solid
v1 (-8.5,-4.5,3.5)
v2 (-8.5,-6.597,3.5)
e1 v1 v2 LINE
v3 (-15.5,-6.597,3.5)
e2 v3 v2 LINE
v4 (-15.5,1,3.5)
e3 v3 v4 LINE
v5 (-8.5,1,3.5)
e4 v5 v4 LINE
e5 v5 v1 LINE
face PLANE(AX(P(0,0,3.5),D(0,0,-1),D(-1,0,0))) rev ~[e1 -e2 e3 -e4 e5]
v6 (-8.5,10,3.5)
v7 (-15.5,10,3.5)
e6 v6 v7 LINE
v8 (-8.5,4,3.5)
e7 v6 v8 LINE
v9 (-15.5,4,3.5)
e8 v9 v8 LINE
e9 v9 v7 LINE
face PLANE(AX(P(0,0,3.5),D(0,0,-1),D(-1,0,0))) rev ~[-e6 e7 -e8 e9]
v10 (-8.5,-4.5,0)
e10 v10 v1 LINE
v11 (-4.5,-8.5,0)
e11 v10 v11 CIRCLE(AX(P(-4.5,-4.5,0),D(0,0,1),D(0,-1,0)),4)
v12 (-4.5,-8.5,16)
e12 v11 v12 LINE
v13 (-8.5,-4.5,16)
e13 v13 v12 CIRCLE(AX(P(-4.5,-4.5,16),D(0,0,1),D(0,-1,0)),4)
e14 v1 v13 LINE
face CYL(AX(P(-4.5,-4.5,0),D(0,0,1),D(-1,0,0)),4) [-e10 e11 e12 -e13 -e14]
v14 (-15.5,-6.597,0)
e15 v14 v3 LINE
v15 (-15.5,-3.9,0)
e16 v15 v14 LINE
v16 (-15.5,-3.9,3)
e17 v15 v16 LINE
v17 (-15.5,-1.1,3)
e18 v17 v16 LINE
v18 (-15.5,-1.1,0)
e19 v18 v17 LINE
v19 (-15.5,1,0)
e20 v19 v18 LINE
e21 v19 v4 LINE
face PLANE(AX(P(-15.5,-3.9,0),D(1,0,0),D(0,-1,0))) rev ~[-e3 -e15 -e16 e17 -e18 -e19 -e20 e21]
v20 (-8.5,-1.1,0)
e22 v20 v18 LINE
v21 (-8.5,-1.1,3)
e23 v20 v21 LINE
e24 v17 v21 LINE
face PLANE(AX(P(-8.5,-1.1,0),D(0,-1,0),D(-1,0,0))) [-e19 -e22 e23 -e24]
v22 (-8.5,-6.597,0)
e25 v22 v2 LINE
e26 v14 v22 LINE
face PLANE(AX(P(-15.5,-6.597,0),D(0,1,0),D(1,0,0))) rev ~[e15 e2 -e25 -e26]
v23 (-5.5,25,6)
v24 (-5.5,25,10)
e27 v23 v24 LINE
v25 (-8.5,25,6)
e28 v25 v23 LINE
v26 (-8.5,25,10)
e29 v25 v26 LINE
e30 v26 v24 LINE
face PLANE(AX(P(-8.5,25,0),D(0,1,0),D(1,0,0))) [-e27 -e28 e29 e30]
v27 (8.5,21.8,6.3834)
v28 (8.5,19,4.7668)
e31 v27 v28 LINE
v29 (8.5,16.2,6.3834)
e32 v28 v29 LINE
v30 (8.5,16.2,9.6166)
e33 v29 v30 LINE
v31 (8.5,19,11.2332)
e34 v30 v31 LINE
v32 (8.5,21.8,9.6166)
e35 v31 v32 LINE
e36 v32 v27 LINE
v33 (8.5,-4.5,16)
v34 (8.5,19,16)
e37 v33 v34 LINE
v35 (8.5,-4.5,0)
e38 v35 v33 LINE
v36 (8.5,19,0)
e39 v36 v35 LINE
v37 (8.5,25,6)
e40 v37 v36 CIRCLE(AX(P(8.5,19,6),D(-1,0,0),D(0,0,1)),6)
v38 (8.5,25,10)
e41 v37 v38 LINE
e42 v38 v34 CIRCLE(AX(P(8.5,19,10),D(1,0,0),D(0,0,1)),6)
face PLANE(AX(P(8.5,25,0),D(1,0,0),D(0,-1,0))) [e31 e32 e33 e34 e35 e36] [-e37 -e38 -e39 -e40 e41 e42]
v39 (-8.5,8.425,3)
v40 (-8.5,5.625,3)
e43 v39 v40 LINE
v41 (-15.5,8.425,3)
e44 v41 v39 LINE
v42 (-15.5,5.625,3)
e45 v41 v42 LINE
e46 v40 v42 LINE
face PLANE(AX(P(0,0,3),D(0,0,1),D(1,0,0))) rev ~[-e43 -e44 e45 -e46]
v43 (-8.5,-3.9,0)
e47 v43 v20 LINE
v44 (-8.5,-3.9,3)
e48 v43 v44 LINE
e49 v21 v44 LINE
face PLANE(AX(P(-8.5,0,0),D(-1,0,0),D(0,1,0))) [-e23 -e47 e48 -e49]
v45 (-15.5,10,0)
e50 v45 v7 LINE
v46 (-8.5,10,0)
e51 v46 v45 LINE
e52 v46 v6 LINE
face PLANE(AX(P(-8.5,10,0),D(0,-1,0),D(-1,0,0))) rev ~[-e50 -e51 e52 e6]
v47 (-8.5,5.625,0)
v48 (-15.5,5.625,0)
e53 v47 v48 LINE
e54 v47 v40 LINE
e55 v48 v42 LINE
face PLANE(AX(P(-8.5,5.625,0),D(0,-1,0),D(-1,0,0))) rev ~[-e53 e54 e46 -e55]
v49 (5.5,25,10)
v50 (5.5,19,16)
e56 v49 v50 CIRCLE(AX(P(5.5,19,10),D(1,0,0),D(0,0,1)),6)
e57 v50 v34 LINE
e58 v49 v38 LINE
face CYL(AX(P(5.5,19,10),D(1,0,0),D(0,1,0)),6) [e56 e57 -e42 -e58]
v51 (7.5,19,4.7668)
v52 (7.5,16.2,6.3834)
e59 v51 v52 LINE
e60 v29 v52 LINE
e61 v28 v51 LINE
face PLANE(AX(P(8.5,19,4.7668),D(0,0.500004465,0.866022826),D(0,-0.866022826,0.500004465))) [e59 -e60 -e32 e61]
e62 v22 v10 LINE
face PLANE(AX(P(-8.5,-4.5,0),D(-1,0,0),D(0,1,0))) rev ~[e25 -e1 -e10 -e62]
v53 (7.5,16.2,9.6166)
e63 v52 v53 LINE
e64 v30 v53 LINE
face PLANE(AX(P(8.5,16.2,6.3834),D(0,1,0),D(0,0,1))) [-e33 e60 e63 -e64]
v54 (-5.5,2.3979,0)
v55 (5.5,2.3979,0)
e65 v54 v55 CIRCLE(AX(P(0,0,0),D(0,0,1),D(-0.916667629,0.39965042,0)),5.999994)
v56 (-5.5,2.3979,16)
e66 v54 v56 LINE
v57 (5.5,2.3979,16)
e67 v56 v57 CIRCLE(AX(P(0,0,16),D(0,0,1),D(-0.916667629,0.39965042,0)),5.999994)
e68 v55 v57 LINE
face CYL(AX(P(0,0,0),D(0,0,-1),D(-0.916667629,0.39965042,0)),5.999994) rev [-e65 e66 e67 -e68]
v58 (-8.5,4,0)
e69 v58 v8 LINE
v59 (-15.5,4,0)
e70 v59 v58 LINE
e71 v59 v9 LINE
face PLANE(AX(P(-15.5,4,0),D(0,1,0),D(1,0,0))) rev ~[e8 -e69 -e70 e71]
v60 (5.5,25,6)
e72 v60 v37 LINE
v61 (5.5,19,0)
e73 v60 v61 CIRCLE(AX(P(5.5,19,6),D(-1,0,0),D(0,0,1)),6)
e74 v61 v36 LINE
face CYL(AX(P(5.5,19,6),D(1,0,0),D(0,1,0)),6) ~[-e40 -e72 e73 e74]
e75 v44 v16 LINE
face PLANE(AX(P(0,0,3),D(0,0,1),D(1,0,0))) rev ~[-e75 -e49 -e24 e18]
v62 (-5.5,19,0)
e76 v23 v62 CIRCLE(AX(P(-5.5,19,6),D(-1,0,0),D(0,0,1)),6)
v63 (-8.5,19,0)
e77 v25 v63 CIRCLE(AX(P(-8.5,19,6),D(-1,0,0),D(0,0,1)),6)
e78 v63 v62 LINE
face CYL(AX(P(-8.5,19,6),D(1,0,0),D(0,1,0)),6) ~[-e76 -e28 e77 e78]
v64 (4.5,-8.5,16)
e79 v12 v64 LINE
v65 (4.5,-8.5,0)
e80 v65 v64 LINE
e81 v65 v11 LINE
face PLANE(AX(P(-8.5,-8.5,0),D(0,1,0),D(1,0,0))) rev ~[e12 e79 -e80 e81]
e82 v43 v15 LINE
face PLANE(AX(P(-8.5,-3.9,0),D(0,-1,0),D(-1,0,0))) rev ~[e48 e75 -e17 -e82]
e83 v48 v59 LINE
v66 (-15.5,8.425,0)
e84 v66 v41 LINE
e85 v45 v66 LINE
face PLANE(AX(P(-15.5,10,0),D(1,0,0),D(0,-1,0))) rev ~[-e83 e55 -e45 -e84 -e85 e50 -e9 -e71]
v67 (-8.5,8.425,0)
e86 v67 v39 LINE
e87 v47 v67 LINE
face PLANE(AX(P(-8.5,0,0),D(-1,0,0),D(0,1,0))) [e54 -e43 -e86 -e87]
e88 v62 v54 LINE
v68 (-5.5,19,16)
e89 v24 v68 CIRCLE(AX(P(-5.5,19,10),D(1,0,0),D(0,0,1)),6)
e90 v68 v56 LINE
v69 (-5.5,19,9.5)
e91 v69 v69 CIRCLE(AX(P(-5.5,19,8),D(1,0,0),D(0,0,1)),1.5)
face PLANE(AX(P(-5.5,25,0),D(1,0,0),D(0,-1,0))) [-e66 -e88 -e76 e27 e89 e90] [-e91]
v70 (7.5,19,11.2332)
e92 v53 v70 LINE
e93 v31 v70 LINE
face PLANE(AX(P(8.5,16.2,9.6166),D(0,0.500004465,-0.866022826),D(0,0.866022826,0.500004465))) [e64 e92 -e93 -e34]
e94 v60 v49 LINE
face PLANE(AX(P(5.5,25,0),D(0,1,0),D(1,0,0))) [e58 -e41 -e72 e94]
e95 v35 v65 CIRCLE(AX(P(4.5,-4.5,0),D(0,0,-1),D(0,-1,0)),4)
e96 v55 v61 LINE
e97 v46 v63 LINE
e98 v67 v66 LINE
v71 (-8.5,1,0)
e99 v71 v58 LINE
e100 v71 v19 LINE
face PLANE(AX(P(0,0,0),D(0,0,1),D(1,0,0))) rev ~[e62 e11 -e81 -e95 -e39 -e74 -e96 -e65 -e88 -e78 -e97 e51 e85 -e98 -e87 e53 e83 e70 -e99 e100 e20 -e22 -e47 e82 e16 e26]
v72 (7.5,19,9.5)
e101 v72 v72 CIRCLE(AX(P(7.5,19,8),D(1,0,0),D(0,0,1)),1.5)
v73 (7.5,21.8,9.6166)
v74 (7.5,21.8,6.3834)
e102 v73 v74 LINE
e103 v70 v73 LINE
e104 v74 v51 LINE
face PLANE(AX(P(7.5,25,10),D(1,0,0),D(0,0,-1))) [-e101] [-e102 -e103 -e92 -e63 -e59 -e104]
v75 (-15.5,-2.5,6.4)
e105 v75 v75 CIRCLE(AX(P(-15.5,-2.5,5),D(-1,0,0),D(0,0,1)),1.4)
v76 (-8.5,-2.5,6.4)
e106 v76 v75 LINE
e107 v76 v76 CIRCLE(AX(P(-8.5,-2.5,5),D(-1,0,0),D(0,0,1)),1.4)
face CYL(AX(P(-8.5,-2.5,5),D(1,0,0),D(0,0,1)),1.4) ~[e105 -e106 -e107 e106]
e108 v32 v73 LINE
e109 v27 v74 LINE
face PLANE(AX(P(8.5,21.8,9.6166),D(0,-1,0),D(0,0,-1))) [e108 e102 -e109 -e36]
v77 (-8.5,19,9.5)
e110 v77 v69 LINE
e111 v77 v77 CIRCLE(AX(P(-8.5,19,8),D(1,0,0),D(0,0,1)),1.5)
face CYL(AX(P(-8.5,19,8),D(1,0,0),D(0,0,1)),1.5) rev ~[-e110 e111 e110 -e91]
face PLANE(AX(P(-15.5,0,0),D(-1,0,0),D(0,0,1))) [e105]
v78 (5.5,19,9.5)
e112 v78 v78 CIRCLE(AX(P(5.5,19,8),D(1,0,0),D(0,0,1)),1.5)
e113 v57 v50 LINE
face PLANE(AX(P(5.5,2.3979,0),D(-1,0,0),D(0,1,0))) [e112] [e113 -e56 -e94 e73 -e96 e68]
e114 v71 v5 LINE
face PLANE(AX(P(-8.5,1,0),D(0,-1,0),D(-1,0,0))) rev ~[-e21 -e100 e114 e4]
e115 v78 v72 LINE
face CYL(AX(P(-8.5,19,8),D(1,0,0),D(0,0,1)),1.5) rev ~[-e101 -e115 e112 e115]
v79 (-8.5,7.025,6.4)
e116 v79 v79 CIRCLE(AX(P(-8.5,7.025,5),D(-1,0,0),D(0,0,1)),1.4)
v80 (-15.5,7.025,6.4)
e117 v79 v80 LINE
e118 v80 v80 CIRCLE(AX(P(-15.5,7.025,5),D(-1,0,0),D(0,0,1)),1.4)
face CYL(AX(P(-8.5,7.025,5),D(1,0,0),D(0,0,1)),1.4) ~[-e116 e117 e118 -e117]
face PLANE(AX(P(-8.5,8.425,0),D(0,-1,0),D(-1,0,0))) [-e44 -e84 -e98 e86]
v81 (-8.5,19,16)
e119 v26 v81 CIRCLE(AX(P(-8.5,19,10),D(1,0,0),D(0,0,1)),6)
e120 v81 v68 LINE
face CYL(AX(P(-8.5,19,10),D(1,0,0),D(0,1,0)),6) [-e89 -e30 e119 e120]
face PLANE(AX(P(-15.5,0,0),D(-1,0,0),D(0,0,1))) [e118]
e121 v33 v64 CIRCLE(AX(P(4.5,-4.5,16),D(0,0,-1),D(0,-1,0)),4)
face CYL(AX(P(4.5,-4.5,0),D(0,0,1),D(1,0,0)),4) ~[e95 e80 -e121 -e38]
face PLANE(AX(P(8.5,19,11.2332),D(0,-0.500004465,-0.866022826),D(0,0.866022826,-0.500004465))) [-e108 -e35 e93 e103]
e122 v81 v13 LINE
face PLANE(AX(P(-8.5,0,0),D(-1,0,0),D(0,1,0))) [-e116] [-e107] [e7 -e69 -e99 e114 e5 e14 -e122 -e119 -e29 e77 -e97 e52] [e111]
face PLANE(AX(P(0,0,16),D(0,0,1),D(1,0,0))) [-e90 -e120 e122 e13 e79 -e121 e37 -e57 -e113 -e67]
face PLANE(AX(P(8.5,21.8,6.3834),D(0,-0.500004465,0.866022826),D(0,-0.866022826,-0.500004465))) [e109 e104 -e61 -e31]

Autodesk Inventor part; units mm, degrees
ref_plane "YZ Plane" through (0, 0, 0) normal (1, 0, 0) x (0, 1, 0)
ref_plane "XZ Plane" through (0, 0, 0) normal (0, 1, 0) x (-1, 0, 0)
ref_plane "XY Plane" through (0, 0, 0) normal (0, 0, 1) x (1, 0, 0)
sketch "Sketch1" plane through (0, 0, 0) normal (0, 0, 1) x (1, 0, 0)
  arc A0 (-5.5, 2.3979) -> (5.5, 2.3979) centre (0, 0) ccw
  line L0 (-8.5, 0) -> (-8.5, 25)
  line L1 (-8.5, 25) -> (-5.5, 25)
  line L2 (-5.5, 25) -> (-5.5, 2.3979)
  line L3 (5.5, 2.3979) -> (5.5, 25)
  line L4 (5.5, 25) -> (8.5, 25)
  line L5 (8.5, 25) -> (8.5, 0)
  arc A1 (-8.5, 0) -> (8.5, 0) centre (0, 0) ccw
  dimension "d0" = 12
  dimension "d2" = 25
  dimension "d4" = 3
  dimension "d5" = 3
  dimension "d6" = 8.5
extrude "Extrusion1" add sketch "Sketch1" along normal blind 16
fillet "Fillet1" radius 6 4 edges at (-7, 25, 16) (-7, 25, 0) (7, 25, 0) (7, 25, 16)
sketch "Sketch2" plane through (-8.5, 0, 0) normal (-1, 0, 0) x (0, 0, 1)
  circle A0 centre (5, -2.5) radius 1.4
  circle A1 centre (5, 7.025) radius 1.4
  line L0 (0, 0) -> (0, 19) projected
  line L1 (0, -8.5) -> (16, -8.5) projected
  dimension "d10" = 2.8
  dimension "d11" = 2.8
  dimension "d12" = 9.525
  dimension "d13" = 5
  dimension "d14" = 6
extrude "Extrusion2" add sketch "Sketch2" along normal blind 7
sketch "Sketch3" plane through (0, 0, 0) normal (0, 0, -1) x (-1, 0, 0)
  line L0 (-8.5, 19) -> (-5.5, 19) projected
  line L1 (-8.5, 19) -> (-8.5, 0) projected
  arc A0 (-8.5, 0) -> (8.5, 0) centre (0, 0) ccw projected
  line L2 (8.5, 0) -> (8.5, 19) projected
  line L3 (5.5, 19) -> (8.5, 19) projected
  line L4 (5.5, 19) -> (5.5, 2.3979) projected
  arc A1 (-5.5, 2.3979) -> (5.5, 2.3979) centre (0, 0) ccw projected
  line L5 (-5.5, 2.3979) -> (-5.5, 19) projected
  line L6 (8.5, 0) -> (8.5, -8.5)
  arc A2 (-8.5, 0) -> (8.5, 0) centre (0, 0) ccw projected
  line L7 (8.5, -1.1) -> (8.5, -3.9) projected
  line L8 (8.5, -8.5) -> (-8.5, -8.5)
  line L9 (-8.5, 0) -> (-8.5, -8.5)
  line L10 (8.5, 0) -> (6, 0)
  line L11 (-8.5, 19) -> (-8.5, 0) projected
  line L12 (-6, 0) -> (-8.5, 0)
extrude "Extrusion3" add sketch "Sketch3" against normal up to surface (16 mm away) contours A0 L8 L9 | A0 L6 L8
fillet "Fillet2" radius 4 2 edges at (-8.5, -8.5, 8) (8.5, -8.5, 8)
hole "Hole1" at (-8.5, 19, 8) direction (1, 0, 0) diameter 3 end through all
sketch "Sketch5" plane through (8.5, 25, 10) normal (1, 0, 0) x (0, 0, -1)
  circle A0 centre (2, -6) radius 1.5 projected
  line L0 (10, -29.5) -> (-6, -29.5) projected
  line L1 (10, -6) -> (10, -29.5) projected
  arc A1 (10, -6) -> (4, 0) centre (4, -6) ccw projected
  line L2 (4, 0) -> (0, 0) projected
  arc A2 (0, 0) -> (-6, -6) centre (0, -6) ccw projected
  line L3 (-6, -6) -> (-6, -29.5) projected
  line L4 (5.2332, -6) -> (3.6166, -8.8)
  line L5 (3.6166, -8.8) -> (0.3834, -8.8)
  line L6 (0.3834, -8.8) -> (-1.2332, -6)
  line L7 (-1.2332, -6) -> (0.3834, -3.2)
  line L8 (0.3834, -3.2) -> (3.6166, -3.2)
  line L9 (3.6166, -3.2) -> (5.2332, -6)
  point P0 (10, -25)
  dimension "d29" = 5.6
extrude "Extrusion4" cut sketch "Sketch5" against normal blind 1 contours L4 L5 L6 L7 L8 L9
sketch "Sketch6" plane through (0, 0, 0) normal (0, 0, -1) x (-1, 0, 0)
  arc A0 (-8.5, -4.5) -> (-4.5, -8.5) centre (-4.5, -4.5) ccw projected
  line L0 (-4.5, -8.5) -> (4.5, -8.5) projected
  arc A1 (4.5, -8.5) -> (8.5, -4.5) centre (4.5, -4.5) ccw projected
  line L1 (8.5, -4.5) -> (8.5, 19) projected
  line L2 (5.5, 19) -> (8.5, 19) projected
  line L3 (5.5, 19) -> (5.5, 2.3979) projected
  arc A2 (-5.5, 2.3979) -> (5.5, 2.3979) centre (0, 0) ccw projected
  line L4 (-5.5, 2.3979) -> (-5.5, 19) projected
  line L5 (-8.5, 19) -> (-5.5, 19) projected
  line L6 (-8.5, 19) -> (-8.5, -4.5) projected
  line L7 (15.5, 5.625) -> (15.5, 8.425) projected
  line L8 (8.5, 8.425) -> (8.5, 5.625) projected
  line L9 (15.5, -3.9) -> (15.5, -1.1) projected
  line L10 (8.5, -1.1) -> (8.5, -3.9) projected
  line L11 (8.5, 8.425) -> (15.5, 8.425)
  line L12 (8.5, 5.625) -> (15.5, 5.625)
  line L13 (8.5, -1.1) -> (15.5, -1.1) projected
  line L14 (8.5, -3.9) -> (15.5, -3.9) projected
  line L15 (8.5, 10) -> (15.5, 10)
  line L16 (15.5, 10) -> (15.5, 4)
  line L17 (15.5, 4) -> (8.5, 4)
  line L18 (8.5, 4) -> (8.5, 10)
  line L19 (8.5, 19) -> (8.5, -4.5) projected
  line L20 (8.5, 1) -> (15.5, 1)
  line L21 (15.5, 1) -> (15.5, -6.597)
  line L22 (15.5, -6.597) -> (8.5, -6.597)
  line L23 (8.5, -6.597) -> (8.5, 1)
extrude "Extrusion6" add sketch "Sketch6" against normal blind 3.5 contours L1 L14 L21 L22 L23 | L1 L20 L21 L13 | L1 L12 L16 L17 | L15 L16 L11 L1
sketch "Sketch7" plane through (0, 0, 3.5) normal (0, 0, 1) x (1, 0, 0)
  line L0 (-8.5, 5.625) -> (-15.5, 5.625)
  line L1 (-15.5, 5.625) -> (-15.5, 4)
  line L2 (-15.5, 4) -> (-8.5, 4)
  line L3 (-8.5, 5.625) -> (-8.5, 4)
  line L4 (-15.5, 8.425) -> (-8.5, 8.425)
  line L5 (-8.5, 10) -> (-8.5, 5.625)
  line L6 (-8.5, 10) -> (-15.5, 10)
  line L7 (-15.5, 10) -> (-15.5, 5.625)
  line L8 (-15.5, -1.1) -> (-8.5, -1.1)
  line L9 (-8.5, 1) -> (-8.5, -3.9)
  line L10 (-8.5, 1) -> (-15.5, 1) projected
  line L11 (-15.5, 1) -> (-15.5, -3.9)
  line L12 (-8.5, -3.9) -> (-15.5, -3.9)
  line L13 (-15.5, -3.9) -> (-15.5, -6.597)
  line L14 (-15.5, -6.597) -> (-8.5, -6.597) projected
  line L15 (-8.5, -6.597) -> (-8.5, -4.5)
  line L16 (-8.5, -3.9) -> (-8.5, -4.5) projected
  line L17 (-8.5, 8.425) -> (-7, 6)
  line L18 (-8.5, 5.625) -> (-15.5, 5.625) projected
  point P0 (0, 0)
extrude "Extrusion7" add sketch "Sketch7" against normal blind 0.5 contours L0 L7 L4 L5 | L8 L9 L12 L11
properties part number "microswitch 12mm axe support"
